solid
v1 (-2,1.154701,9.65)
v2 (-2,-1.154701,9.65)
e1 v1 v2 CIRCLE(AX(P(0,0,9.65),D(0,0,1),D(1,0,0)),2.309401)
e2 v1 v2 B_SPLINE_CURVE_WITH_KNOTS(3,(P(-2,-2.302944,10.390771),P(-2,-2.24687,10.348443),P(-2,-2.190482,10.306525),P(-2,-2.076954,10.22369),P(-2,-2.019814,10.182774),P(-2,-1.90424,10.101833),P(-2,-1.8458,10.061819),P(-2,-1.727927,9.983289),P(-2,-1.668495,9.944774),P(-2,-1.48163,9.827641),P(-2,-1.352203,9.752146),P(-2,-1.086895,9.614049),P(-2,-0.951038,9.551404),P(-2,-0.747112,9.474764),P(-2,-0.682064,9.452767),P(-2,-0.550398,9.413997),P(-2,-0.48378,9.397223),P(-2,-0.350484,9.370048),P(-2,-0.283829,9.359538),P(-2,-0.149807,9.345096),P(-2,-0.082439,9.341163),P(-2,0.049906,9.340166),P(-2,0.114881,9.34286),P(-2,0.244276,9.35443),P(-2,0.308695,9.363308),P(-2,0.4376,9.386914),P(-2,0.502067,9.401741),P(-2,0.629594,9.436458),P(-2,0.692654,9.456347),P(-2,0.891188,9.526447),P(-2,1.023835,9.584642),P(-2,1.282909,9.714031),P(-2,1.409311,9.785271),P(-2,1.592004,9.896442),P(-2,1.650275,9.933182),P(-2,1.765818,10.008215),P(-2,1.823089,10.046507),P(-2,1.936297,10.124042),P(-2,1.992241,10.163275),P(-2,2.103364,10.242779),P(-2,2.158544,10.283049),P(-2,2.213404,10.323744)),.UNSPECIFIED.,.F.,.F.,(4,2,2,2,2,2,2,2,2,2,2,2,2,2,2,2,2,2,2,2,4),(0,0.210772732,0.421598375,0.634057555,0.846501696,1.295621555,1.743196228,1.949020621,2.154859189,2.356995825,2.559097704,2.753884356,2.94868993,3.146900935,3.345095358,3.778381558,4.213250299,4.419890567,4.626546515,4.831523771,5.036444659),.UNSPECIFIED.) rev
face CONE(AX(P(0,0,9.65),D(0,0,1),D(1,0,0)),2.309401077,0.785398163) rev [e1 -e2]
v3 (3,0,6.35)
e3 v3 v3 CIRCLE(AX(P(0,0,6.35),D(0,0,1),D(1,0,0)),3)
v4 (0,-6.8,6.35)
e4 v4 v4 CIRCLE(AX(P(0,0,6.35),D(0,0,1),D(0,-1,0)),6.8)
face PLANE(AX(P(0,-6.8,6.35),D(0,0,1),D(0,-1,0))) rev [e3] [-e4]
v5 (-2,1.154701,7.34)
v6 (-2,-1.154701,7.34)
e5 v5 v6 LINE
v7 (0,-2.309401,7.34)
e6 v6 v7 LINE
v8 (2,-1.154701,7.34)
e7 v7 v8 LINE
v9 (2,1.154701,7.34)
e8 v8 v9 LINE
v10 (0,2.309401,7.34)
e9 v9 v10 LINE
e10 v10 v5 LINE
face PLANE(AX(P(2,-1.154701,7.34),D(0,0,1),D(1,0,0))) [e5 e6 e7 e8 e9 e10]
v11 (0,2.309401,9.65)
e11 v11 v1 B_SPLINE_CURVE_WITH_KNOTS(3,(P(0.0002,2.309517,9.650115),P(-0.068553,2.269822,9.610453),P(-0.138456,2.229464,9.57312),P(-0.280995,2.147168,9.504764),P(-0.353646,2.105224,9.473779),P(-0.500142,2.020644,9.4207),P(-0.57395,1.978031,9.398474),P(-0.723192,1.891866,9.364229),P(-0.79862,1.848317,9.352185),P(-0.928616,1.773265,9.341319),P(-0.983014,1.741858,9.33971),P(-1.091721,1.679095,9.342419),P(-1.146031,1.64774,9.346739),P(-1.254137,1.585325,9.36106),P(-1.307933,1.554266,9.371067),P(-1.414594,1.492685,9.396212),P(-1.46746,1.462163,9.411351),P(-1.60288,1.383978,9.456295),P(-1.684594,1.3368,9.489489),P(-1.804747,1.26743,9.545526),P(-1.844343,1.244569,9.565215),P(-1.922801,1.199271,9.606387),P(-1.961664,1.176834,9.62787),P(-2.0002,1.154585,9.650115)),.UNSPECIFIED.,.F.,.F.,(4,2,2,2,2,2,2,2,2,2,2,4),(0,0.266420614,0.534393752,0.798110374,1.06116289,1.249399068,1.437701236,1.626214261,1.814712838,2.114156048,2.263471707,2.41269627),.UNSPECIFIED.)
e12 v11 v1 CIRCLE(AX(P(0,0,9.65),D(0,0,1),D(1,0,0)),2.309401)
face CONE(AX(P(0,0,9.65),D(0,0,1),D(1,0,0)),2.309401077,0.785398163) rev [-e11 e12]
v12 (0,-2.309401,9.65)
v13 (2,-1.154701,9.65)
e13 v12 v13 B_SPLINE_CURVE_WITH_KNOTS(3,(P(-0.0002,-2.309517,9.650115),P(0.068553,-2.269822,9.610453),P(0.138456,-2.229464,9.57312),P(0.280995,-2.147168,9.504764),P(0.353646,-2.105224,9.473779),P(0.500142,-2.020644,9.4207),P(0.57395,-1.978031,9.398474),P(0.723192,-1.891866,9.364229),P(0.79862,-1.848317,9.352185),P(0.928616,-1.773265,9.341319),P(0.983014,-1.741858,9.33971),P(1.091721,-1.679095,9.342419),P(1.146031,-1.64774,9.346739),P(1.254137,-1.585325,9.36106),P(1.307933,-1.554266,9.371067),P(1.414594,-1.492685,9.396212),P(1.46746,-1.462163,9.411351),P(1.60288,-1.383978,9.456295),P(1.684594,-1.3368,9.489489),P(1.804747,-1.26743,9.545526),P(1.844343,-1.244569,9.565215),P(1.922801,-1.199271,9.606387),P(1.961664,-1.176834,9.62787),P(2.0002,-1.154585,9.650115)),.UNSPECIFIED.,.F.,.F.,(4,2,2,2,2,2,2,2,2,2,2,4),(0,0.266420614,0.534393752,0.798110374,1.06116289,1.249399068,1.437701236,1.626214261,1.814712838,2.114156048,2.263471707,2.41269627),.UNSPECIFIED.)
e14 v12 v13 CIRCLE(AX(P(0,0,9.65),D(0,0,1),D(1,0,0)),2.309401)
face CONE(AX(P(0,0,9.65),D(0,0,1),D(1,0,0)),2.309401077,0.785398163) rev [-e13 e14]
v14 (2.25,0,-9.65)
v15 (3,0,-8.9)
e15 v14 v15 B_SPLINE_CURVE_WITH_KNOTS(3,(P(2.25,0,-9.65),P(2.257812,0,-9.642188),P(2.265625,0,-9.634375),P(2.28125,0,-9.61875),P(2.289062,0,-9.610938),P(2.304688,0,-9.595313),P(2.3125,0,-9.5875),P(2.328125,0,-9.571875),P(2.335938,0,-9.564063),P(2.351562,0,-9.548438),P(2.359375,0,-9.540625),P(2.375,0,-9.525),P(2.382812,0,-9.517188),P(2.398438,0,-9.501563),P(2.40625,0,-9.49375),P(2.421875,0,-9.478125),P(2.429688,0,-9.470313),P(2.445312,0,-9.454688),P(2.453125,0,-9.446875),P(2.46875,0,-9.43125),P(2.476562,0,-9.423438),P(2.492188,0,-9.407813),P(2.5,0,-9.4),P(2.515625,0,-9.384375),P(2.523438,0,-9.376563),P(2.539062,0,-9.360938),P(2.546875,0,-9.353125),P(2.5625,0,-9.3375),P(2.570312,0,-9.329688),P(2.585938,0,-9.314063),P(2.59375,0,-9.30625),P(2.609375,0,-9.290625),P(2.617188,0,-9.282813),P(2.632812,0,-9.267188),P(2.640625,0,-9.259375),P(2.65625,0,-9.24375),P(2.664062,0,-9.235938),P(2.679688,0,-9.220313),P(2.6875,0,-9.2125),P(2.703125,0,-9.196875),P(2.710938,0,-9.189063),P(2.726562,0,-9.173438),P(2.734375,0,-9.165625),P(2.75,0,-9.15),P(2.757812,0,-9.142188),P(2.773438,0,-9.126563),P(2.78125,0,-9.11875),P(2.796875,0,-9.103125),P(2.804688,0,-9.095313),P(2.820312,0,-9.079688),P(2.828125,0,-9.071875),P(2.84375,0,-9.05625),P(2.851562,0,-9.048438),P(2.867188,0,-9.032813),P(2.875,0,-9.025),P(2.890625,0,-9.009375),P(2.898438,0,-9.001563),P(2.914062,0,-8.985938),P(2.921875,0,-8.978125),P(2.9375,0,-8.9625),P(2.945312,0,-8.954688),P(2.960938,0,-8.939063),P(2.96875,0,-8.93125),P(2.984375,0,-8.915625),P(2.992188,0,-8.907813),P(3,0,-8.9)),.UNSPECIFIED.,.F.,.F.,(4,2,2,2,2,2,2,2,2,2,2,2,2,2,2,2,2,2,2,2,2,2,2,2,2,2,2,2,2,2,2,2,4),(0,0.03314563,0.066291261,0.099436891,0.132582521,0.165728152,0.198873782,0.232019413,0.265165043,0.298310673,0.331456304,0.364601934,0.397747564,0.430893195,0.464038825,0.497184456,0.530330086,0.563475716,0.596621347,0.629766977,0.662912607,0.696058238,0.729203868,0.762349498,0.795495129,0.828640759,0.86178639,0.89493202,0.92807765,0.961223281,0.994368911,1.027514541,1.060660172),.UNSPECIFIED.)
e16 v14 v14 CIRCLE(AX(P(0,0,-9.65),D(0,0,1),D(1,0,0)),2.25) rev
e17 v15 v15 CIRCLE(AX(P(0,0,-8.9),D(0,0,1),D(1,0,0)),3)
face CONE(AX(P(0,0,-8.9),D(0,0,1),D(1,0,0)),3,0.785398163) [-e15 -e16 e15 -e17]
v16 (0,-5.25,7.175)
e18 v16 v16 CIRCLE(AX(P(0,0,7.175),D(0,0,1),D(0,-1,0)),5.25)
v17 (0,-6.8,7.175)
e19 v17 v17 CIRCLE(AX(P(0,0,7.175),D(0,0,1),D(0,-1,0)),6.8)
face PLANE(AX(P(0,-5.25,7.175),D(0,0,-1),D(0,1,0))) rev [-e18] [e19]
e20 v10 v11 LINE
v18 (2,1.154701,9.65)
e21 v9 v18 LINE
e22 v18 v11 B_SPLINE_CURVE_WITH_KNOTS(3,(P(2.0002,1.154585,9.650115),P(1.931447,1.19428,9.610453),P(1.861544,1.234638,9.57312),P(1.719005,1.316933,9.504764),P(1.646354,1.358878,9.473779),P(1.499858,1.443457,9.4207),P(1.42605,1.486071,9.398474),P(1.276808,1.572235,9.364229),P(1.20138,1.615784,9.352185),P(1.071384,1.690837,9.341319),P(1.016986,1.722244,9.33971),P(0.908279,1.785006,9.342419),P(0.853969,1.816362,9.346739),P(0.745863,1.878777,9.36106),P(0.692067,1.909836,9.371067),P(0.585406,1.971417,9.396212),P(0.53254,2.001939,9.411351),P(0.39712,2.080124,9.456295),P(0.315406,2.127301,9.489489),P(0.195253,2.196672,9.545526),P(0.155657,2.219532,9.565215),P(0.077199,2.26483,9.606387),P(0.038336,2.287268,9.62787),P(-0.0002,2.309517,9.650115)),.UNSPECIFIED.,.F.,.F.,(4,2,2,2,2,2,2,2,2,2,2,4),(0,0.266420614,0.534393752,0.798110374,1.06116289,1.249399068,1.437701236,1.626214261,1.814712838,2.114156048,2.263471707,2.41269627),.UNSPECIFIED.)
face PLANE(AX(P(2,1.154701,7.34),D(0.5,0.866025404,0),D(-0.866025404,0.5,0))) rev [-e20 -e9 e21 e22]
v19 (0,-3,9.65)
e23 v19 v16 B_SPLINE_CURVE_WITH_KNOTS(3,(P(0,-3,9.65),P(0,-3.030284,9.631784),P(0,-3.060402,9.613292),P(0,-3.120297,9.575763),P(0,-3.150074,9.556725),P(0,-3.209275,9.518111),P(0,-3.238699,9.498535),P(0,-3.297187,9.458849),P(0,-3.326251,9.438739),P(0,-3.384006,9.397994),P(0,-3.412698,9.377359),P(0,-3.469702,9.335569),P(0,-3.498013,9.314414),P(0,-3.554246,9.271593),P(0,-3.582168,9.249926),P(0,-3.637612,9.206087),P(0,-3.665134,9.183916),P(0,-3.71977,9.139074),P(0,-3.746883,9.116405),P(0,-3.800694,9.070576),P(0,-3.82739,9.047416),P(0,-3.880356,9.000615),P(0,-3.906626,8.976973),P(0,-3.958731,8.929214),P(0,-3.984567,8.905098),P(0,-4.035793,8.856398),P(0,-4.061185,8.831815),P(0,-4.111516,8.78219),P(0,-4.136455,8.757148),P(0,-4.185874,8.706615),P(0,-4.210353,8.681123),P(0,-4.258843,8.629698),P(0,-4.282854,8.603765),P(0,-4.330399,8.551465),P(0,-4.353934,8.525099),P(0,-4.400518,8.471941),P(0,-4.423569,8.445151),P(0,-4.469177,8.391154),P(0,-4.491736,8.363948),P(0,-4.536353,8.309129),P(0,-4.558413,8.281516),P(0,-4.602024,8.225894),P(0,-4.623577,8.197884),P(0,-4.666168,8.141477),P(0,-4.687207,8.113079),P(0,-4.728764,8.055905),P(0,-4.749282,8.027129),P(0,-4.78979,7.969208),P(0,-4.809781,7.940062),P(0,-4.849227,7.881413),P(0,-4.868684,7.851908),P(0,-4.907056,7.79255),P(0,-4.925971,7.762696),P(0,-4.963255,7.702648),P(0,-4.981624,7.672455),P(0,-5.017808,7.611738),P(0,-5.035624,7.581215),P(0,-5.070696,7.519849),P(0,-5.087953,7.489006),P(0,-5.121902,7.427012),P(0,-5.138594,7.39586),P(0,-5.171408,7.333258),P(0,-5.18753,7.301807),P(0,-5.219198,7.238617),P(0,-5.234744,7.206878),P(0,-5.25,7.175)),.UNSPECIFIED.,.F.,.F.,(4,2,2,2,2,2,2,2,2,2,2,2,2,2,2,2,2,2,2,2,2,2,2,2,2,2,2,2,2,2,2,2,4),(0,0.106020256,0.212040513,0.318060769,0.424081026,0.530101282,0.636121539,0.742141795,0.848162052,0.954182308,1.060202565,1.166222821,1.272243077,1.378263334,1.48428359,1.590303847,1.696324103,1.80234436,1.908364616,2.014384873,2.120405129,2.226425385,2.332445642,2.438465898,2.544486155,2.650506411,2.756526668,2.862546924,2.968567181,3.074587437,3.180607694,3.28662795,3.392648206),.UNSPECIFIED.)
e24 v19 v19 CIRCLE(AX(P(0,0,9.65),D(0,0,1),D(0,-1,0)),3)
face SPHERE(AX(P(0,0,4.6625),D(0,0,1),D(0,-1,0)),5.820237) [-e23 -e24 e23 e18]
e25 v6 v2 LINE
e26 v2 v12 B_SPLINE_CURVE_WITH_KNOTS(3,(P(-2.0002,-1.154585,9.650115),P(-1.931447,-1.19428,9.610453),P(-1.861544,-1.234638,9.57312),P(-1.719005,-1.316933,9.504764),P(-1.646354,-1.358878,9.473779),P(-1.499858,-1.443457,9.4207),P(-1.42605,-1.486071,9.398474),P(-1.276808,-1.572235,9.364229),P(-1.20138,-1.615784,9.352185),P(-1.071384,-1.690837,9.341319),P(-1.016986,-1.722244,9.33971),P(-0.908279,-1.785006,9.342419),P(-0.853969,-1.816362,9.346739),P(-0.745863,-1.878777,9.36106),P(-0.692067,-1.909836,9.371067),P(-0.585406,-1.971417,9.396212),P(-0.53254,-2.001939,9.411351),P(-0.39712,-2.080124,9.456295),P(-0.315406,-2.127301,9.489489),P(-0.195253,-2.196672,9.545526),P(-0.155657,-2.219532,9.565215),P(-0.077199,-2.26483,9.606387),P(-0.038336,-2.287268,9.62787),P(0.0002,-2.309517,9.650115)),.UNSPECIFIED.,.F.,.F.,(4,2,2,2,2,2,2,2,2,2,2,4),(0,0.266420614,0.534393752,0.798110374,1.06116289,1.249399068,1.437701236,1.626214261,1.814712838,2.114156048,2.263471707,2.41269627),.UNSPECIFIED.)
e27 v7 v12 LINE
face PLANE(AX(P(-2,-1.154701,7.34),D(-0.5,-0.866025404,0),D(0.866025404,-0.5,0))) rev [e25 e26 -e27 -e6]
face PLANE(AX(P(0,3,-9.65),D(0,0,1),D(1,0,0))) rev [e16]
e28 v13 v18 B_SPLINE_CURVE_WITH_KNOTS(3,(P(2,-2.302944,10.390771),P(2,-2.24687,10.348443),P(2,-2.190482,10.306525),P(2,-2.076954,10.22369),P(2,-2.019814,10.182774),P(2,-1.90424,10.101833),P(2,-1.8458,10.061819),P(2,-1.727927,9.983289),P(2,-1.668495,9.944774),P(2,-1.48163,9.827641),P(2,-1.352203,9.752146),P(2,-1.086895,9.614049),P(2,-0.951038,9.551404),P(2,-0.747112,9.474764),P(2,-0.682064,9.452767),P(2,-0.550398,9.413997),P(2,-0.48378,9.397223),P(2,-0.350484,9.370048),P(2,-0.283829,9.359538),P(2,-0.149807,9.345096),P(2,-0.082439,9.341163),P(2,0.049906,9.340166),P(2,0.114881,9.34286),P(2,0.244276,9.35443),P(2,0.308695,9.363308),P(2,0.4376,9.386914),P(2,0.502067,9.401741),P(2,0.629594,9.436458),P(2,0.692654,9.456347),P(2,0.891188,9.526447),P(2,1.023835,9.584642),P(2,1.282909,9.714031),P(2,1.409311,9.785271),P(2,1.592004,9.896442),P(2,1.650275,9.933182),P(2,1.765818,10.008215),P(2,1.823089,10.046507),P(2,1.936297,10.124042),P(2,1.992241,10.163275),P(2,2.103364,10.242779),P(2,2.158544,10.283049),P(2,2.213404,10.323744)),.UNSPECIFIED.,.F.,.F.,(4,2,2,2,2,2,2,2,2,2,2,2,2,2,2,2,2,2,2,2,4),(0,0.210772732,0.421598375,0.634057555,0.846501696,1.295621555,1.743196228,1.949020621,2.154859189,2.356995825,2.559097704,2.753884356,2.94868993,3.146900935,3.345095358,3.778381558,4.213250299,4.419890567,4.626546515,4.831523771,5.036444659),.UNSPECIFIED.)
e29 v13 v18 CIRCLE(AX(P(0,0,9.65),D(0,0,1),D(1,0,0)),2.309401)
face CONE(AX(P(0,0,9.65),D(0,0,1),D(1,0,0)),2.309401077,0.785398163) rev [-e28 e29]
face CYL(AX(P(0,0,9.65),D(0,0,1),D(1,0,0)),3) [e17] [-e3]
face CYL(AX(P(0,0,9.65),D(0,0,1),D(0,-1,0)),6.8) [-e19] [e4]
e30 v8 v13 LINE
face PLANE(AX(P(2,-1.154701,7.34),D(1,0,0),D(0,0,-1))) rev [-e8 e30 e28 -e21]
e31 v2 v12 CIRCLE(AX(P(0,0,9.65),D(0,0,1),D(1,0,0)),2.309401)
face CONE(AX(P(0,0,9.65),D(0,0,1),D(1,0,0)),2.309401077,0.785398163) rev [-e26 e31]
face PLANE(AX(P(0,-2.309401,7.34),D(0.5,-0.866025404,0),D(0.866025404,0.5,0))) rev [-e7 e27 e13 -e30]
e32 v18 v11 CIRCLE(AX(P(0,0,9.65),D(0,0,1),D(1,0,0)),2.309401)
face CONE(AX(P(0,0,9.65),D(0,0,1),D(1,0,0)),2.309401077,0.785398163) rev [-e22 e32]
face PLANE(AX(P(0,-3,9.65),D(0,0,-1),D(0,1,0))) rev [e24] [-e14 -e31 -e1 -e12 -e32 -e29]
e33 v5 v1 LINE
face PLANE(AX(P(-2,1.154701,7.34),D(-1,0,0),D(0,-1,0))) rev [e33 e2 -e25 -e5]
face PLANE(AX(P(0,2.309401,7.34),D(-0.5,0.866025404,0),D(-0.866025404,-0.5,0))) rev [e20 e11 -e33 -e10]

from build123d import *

# Parameters (mm, degrees)
SKETCH13_W         = 16
SKETCH13_H         = 3
CHAMFER1_SIZE      = 0.75
CUT_EXTRUDE2_DEPTH = 2.31


with BuildPart() as part:
    # Sketch13 → Revolve1 (revolve)
    with BuildSketch(Plane(origin=(0, 0, 0), x_dir=(0, 0, -1), z_dir=(1, 0, 0)), mode=Mode.PRIVATE) as revolve1_sk:
        with Locations((1.65, 1.5)):
            Rectangle(SKETCH13_W, SKETCH13_H)
    revolve(revolve1_sk.sketch.rotate(Axis((0, 0, 9.65), (0, 0, -1)), 90), axis=Axis((0, 0, 9.65), (0, 0, -1)))

    # Chamfer1
    chamfer1_edges = [part.edges().sort_by_distance(p)[0] for p in [
        (-3, 0, -9.65),
    ]]
    chamfer(chamfer1_edges, length=CHAMFER1_SIZE)

    # Sketch7 → Revolve2 (revolve)
    with BuildSketch(Plane(origin=(0, 0, 0), x_dir=(0, 0, -1), z_dir=(1, 0, 0)), mode=Mode.PRIVATE) as revolve2_sk:
        with BuildLine():
            Line((-6.35, 5.25), (-6.35, 0))
            Line((-6.35, 0), (-9.65, 0))
            Line((-9.65, 0), (-9.65, 3))
            ThreePointArc((-9.65, 3), (-8.577614941, 4.306626435), (-7.175, 5.25))
            Line((-7.175, 5.25), (-7.175, 6.8))
            Line((-7.175, 6.8), (-6.35, 6.8))
            Line((-6.35, 6.8), (-6.35, 5.25))
        make_face()
    revolve(revolve2_sk.sketch.rotate(Axis((0, 0, 9.65), (0, 0, -1)), 180), axis=Axis((0, 0, 9.65), (0, 0, -1)))

    # Sketch5 → Cut-Extrude2 (cut)
    with BuildSketch(Plane.XY.offset(9.65)):
        Polygon((2, -1.154700538), (2, 1.154700538), (0, 2.309401077), (-2, 1.154700538), (-2, -1.154700538), (0, -2.309401077), align=None)
    extrude(amount=-CUT_EXTRUDE2_DEPTH, mode=Mode.SUBTRACT)

    # Cut-Extrude3 cone 1 section (through the dimple's axis) → Cut-Extrude3 (revolve, cut)
    with BuildSketch(Plane(origin=(0, 0, 9.65), x_dir=(0, -1, 0), z_dir=(1, 0, 0))):
        Polygon((0, 0), (2.309401077, 0), (0, 2.309401077), align=None)
    revolve(axis=Axis((0, 0, 9.65), (0, 0, -1)), mode=Mode.SUBTRACT)


solid = part.part
